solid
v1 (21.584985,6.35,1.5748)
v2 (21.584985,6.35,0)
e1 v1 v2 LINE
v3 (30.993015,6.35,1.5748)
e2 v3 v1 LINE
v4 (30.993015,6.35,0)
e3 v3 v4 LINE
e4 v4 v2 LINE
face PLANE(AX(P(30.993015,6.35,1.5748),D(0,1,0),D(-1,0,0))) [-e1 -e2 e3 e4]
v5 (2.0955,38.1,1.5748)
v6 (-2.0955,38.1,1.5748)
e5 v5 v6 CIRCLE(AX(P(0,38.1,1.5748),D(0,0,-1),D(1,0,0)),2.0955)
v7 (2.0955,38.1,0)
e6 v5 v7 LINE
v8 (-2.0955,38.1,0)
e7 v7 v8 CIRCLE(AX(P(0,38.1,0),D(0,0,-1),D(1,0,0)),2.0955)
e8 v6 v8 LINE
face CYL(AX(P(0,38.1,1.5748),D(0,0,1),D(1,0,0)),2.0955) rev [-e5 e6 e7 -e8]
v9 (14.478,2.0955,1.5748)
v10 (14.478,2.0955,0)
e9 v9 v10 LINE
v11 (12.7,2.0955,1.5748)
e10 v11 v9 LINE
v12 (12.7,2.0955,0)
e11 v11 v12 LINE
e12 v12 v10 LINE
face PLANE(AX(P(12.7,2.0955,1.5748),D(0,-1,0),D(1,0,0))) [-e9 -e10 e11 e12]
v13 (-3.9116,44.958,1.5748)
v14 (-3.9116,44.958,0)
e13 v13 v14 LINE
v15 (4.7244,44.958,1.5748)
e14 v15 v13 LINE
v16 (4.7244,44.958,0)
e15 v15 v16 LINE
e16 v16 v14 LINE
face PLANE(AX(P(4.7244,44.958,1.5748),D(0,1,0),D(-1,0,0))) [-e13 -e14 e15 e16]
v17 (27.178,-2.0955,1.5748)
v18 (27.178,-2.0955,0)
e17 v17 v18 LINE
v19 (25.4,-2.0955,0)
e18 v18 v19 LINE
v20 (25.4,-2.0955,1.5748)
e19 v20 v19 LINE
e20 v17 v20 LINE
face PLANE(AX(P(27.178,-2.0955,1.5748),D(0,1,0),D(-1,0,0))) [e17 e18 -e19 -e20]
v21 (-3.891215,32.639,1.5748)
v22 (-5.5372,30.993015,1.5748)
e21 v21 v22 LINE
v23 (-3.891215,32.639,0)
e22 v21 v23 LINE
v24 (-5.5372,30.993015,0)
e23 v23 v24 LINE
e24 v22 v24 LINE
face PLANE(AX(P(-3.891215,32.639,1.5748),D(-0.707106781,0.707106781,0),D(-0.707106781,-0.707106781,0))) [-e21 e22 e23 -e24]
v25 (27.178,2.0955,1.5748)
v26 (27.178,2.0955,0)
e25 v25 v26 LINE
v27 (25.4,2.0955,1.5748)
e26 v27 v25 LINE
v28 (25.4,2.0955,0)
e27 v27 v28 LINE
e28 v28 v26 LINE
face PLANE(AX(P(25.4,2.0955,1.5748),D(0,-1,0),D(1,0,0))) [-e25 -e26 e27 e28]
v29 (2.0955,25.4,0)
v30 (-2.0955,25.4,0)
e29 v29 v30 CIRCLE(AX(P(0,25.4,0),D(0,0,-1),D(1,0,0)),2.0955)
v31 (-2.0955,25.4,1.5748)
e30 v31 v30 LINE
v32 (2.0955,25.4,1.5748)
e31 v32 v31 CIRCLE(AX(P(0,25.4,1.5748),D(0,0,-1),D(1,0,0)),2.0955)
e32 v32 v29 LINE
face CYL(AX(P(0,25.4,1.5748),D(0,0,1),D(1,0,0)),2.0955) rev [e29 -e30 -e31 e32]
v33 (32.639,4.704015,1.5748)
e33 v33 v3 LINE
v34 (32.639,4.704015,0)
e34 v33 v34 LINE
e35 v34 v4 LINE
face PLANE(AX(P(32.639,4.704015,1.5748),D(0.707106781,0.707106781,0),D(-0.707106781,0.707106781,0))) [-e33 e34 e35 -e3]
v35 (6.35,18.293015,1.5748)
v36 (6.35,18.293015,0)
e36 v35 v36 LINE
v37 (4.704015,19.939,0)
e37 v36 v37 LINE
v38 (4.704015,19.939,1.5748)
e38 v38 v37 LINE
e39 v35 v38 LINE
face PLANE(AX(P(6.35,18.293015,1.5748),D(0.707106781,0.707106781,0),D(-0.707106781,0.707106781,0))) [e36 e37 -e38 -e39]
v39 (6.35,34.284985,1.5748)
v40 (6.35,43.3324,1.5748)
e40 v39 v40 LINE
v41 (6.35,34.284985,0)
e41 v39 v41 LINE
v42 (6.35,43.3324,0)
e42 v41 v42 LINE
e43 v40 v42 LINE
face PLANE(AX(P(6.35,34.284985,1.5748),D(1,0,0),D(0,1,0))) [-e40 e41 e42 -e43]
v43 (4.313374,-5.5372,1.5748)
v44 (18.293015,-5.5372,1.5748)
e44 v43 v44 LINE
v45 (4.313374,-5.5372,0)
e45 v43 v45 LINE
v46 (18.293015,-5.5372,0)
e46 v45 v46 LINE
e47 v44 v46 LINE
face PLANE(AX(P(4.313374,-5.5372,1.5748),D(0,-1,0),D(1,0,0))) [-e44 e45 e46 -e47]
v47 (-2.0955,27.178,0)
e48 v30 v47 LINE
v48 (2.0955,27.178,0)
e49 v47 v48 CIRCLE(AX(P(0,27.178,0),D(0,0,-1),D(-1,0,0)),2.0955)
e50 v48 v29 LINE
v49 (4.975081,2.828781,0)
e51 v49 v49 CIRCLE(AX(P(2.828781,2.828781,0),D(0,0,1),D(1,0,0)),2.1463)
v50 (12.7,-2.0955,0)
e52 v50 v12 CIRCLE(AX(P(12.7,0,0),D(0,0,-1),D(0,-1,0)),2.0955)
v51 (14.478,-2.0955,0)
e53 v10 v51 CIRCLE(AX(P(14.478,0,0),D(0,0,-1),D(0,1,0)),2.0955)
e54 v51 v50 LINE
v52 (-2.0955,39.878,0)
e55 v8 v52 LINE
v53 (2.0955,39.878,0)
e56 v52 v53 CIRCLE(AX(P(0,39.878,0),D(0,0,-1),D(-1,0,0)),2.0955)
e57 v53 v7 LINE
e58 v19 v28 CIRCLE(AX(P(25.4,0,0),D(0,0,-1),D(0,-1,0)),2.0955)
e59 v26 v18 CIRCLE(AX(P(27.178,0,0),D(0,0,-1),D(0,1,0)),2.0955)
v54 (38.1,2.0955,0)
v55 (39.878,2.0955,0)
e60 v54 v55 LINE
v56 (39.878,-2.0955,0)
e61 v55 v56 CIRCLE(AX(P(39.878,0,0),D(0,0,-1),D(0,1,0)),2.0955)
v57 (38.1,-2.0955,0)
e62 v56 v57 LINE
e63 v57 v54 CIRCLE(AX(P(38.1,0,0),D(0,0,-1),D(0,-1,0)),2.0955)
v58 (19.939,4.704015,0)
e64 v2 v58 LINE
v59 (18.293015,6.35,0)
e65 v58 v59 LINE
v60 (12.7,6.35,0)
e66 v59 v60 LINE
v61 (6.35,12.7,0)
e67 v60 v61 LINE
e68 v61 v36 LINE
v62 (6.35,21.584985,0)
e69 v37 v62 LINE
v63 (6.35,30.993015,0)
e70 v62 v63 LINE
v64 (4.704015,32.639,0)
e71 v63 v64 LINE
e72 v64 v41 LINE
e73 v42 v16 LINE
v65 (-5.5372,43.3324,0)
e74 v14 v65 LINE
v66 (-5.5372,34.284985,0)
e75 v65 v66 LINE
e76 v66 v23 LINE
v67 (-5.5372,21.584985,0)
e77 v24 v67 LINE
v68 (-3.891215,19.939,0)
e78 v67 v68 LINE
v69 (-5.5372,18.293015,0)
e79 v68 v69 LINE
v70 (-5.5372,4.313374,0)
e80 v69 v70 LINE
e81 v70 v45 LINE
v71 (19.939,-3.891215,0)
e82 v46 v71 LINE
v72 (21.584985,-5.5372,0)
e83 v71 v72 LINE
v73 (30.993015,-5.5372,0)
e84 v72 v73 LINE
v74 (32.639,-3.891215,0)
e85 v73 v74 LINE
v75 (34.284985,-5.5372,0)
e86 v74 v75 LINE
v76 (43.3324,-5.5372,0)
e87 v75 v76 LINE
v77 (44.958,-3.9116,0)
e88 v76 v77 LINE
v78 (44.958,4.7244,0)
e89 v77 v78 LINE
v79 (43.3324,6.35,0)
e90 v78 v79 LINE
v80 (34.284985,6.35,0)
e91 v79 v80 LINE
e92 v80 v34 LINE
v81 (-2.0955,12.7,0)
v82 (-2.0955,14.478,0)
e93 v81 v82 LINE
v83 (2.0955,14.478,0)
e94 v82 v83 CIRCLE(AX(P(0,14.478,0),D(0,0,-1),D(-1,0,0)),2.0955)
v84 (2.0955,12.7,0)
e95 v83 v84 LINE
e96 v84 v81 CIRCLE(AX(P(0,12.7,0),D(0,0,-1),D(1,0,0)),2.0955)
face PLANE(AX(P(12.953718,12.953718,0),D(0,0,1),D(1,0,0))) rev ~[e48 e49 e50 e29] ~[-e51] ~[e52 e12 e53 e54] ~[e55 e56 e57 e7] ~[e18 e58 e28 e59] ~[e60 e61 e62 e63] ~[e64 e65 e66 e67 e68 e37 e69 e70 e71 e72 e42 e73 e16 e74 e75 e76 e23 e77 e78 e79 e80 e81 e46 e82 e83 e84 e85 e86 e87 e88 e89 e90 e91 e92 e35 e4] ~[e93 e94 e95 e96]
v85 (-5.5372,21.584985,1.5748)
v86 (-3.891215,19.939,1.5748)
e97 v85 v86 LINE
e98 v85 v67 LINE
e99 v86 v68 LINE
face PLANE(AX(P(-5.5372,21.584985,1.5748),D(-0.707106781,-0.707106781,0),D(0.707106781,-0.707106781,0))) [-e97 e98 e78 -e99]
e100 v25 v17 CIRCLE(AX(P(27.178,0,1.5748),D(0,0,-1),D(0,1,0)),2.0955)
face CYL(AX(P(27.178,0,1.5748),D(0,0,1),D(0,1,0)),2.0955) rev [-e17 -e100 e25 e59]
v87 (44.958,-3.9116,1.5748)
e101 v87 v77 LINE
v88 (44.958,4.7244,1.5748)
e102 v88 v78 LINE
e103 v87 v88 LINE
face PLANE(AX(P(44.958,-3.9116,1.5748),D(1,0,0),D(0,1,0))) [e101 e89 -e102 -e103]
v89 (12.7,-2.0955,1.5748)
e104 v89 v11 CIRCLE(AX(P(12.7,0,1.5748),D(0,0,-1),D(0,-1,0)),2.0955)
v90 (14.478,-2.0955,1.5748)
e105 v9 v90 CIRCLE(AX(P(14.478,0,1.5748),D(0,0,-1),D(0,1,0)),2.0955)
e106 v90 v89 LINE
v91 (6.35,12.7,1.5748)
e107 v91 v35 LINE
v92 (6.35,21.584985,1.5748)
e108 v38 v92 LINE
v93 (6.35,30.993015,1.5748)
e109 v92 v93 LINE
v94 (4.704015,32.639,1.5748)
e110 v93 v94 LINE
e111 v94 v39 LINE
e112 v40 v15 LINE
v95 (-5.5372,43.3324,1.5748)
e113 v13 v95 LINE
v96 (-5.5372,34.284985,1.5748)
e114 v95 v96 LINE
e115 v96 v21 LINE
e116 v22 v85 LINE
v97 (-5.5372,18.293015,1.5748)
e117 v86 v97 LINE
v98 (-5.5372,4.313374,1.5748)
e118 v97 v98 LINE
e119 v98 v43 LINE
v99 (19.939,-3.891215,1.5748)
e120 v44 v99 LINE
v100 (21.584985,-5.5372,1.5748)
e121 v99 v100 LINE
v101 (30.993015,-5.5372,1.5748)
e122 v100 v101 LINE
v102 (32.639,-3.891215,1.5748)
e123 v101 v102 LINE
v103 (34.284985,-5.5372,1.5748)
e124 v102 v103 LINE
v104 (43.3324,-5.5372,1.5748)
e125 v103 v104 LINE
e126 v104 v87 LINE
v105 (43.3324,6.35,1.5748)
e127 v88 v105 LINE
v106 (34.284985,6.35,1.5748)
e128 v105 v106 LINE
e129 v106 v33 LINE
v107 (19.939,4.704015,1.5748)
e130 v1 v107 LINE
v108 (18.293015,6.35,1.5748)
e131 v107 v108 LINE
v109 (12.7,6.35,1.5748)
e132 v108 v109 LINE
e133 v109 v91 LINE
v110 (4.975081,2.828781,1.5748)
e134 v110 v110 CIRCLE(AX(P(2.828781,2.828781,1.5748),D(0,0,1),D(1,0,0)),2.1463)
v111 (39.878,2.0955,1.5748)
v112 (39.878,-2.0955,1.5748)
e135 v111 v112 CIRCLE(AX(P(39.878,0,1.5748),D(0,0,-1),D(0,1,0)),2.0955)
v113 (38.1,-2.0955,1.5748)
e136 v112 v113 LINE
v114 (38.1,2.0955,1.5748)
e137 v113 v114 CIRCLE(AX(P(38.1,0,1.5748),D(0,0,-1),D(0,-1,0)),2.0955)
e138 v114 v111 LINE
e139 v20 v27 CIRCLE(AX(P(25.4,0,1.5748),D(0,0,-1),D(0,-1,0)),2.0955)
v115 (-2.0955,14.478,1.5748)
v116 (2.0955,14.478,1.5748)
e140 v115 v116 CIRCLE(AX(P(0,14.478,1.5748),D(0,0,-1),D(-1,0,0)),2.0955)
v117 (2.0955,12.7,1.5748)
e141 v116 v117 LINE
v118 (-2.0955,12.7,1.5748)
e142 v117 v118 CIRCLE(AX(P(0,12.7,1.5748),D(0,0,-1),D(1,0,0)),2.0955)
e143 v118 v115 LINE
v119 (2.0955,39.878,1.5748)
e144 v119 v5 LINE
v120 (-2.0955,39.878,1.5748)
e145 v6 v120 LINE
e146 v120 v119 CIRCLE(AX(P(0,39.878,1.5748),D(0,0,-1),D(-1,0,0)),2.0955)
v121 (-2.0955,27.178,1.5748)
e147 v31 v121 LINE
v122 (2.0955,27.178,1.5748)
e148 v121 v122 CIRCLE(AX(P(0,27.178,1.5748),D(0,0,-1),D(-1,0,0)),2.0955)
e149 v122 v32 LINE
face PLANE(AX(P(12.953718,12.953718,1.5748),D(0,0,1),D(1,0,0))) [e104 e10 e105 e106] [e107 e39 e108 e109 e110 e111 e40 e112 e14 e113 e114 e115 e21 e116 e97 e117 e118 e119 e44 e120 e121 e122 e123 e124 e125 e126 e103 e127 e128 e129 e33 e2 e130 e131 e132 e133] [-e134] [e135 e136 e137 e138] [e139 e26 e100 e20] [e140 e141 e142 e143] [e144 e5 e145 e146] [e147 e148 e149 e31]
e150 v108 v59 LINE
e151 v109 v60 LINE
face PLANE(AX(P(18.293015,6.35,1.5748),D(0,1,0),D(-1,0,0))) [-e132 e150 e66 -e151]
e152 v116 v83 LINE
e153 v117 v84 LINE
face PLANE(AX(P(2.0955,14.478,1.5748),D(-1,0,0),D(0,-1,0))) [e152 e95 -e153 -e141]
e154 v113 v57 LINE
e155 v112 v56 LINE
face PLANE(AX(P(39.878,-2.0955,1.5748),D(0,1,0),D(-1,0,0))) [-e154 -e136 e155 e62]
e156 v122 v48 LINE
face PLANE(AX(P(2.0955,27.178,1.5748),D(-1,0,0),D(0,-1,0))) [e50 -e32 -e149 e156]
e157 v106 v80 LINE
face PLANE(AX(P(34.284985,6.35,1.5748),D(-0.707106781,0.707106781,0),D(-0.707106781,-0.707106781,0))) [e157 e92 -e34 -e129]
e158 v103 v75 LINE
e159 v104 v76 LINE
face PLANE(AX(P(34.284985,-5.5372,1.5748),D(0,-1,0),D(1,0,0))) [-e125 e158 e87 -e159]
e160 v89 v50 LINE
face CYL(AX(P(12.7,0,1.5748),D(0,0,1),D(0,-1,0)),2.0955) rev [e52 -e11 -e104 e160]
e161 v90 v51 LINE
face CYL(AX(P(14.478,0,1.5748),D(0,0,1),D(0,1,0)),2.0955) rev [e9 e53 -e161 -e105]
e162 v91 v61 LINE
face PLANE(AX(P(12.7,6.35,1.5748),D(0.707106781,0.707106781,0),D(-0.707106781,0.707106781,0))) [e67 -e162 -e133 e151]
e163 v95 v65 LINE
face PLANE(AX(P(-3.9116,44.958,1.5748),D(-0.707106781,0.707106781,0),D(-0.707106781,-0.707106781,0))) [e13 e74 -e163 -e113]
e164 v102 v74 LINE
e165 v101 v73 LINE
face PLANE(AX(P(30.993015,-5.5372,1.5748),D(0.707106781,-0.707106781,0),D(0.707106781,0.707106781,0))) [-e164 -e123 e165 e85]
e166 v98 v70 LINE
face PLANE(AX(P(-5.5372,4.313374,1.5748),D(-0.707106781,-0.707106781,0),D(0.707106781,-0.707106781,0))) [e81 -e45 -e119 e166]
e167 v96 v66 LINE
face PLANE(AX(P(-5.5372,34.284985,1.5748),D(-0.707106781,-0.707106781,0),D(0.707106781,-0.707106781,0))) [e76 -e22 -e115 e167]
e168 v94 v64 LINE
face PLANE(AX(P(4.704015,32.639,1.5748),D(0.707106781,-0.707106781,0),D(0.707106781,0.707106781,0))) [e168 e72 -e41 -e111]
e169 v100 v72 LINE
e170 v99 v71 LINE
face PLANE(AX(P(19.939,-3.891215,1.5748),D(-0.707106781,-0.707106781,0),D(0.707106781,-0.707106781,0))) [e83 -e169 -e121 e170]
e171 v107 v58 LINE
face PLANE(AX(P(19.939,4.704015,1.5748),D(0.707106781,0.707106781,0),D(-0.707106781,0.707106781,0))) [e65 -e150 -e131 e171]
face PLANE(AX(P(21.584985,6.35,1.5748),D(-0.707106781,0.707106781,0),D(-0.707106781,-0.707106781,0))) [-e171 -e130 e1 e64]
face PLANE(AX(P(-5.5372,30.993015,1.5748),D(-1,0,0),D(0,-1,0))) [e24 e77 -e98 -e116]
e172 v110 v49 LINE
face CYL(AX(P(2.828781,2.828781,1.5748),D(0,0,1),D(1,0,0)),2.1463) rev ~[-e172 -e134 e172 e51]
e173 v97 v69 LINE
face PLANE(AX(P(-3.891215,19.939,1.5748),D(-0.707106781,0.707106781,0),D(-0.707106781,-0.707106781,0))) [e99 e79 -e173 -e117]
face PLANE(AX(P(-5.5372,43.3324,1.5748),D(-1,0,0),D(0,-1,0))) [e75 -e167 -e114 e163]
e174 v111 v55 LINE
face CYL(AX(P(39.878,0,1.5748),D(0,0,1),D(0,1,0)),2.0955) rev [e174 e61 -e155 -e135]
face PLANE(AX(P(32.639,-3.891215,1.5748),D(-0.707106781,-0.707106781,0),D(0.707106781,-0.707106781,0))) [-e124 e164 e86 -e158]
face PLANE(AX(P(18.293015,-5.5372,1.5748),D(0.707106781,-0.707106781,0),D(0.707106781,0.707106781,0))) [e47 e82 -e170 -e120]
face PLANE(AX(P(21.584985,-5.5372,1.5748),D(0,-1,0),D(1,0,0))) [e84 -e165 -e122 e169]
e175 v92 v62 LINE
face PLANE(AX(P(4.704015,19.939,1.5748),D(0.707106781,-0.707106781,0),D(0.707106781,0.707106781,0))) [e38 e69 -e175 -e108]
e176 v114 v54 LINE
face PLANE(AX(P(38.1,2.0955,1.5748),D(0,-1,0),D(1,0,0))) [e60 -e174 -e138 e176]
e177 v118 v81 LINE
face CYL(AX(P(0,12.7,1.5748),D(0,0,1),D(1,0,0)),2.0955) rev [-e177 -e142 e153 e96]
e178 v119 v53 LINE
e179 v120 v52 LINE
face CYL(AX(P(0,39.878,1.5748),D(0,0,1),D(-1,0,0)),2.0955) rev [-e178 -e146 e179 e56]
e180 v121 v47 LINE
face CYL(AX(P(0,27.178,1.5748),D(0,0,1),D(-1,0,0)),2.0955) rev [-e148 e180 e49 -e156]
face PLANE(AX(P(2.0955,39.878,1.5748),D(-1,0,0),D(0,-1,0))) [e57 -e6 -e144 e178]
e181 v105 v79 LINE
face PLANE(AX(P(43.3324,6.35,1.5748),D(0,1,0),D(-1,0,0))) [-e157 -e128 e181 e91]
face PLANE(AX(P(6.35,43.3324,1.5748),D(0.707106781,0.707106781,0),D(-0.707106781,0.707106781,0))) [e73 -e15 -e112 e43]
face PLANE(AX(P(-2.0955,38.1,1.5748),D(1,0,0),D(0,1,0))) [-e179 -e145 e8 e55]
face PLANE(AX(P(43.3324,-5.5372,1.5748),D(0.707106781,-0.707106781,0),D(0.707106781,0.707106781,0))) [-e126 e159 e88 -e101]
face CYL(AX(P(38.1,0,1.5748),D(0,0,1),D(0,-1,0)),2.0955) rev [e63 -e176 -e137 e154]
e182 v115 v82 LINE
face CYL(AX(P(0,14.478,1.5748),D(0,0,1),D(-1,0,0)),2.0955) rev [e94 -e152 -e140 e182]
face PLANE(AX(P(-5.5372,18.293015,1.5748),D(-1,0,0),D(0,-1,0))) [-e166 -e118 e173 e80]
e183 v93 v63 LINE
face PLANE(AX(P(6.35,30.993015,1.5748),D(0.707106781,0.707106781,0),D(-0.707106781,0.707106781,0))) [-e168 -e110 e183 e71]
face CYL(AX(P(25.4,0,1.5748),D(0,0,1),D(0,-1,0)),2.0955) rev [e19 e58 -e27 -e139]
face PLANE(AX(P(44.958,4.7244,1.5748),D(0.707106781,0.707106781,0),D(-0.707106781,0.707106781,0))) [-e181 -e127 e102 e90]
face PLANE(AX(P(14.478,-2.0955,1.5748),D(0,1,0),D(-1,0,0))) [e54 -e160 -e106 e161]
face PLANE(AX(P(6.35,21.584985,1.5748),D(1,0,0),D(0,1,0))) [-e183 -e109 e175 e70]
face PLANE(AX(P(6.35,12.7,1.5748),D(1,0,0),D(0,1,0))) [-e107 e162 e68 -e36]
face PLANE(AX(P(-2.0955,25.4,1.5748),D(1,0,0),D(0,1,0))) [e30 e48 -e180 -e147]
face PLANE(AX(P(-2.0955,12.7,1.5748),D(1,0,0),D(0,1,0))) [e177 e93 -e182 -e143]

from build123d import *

# Parameters (mm, degrees)
SKETCH1_R           = 2.1463
BOSS_EXTRUDE1_DEPTH = 1.5748


with BuildPart() as part:
    # Sketch1 → Boss-Extrude1 (new body)
    with BuildSketch(Plane.XY.offset(1.5748)):
        Polygon((6.35, 34.284985055), (6.35, 43.3324), (4.7244, 44.958), (-3.9116, 44.958), (-5.5372, 43.3324), (-5.5372, 34.284985055), (-3.891214945, 32.639), (-5.5372, 30.993014945), (-5.5372, 21.584985055), (-3.891214945, 19.939), (-5.5372, 18.293014945), (-5.5372, 4.313373781), (4.313373781, -5.5372), (18.293014945, -5.5372), (19.939, -3.891214945), (21.584985055, -5.5372), (30.993014945, -5.5372), (32.639, -3.891214945), (34.284985055, -5.5372), (43.3324, -5.5372), (44.958, -3.9116), (44.958, 4.7244), (43.3324, 6.35), (34.284985055, 6.35), (32.639, 4.704014945), (30.993014945, 6.35), (21.584985055, 6.35), (19.939, 4.704014945), (18.293014945, 6.35), (12.7, 6.35), (6.35, 12.7), (6.35, 18.293014945), (4.704014945, 19.939), (6.35, 21.584985055), (6.35, 30.993014945), (4.704014945, 32.639), align=None)
        with Locations((2.828780678, 2.828780678)):
            Circle(SKETCH1_R, mode=Mode.SUBTRACT)
        with BuildLine():
            Line((12.7, 2.0955), (14.478, 2.0955))
            ThreePointArc((14.478, 2.0955), (16.5735, 0), (14.478, -2.0955))
            Line((14.478, -2.0955), (12.7, -2.0955))
            ThreePointArc((12.7, -2.0955), (10.6045, 0), (12.7, 2.0955))
        make_face(mode=Mode.SUBTRACT)
        with BuildLine():
            Line((-2.0955, 38.1), (-2.0955, 39.878))
            ThreePointArc((-2.0955, 39.878), (0, 41.9735), (2.0955, 39.878))
            Line((2.0955, 39.878), (2.0955, 38.1))
            ThreePointArc((2.0955, 38.1), (0, 36.0045), (-2.0955, 38.1))
        make_face(mode=Mode.SUBTRACT)
        with BuildLine():
            Line((-2.0955, 12.7), (-2.0955, 14.478))
            ThreePointArc((-2.0955, 14.478), (0, 16.5735), (2.0955, 14.478))
            Line((2.0955, 14.478), (2.0955, 12.7))
            ThreePointArc((2.0955, 12.7), (0, 10.6045), (-2.0955, 12.7))
        make_face(mode=Mode.SUBTRACT)
        with BuildLine():
            Line((-2.0955, 25.4), (-2.0955, 27.178))
            ThreePointArc((-2.0955, 27.178), (0, 29.2735), (2.0955, 27.178))
            Line((2.0955, 27.178), (2.0955, 25.4))
            ThreePointArc((2.0955, 25.4), (0, 23.3045), (-2.0955, 25.4))
        make_face(mode=Mode.SUBTRACT)
        with BuildLine():
            Line((25.4, 2.0955), (27.178, 2.0955))
            ThreePointArc((27.178, 2.0955), (29.2735, 0), (27.178, -2.0955))
            Line((27.178, -2.0955), (25.4, -2.0955))
            ThreePointArc((25.4, -2.0955), (23.3045, 0), (25.4, 2.0955))
        make_face(mode=Mode.SUBTRACT)
        with BuildLine():
            Line((38.1, 2.0955), (39.878, 2.0955))
            ThreePointArc((39.878, 2.0955), (41.9735, 0), (39.878, -2.0955))
            Line((39.878, -2.0955), (38.1, -2.0955))
            ThreePointArc((38.1, -2.0955), (36.0045, 0), (38.1, 2.0955))
        make_face(mode=Mode.SUBTRACT)
    extrude(amount=-BOSS_EXTRUDE1_DEPTH)


solid = part.part
